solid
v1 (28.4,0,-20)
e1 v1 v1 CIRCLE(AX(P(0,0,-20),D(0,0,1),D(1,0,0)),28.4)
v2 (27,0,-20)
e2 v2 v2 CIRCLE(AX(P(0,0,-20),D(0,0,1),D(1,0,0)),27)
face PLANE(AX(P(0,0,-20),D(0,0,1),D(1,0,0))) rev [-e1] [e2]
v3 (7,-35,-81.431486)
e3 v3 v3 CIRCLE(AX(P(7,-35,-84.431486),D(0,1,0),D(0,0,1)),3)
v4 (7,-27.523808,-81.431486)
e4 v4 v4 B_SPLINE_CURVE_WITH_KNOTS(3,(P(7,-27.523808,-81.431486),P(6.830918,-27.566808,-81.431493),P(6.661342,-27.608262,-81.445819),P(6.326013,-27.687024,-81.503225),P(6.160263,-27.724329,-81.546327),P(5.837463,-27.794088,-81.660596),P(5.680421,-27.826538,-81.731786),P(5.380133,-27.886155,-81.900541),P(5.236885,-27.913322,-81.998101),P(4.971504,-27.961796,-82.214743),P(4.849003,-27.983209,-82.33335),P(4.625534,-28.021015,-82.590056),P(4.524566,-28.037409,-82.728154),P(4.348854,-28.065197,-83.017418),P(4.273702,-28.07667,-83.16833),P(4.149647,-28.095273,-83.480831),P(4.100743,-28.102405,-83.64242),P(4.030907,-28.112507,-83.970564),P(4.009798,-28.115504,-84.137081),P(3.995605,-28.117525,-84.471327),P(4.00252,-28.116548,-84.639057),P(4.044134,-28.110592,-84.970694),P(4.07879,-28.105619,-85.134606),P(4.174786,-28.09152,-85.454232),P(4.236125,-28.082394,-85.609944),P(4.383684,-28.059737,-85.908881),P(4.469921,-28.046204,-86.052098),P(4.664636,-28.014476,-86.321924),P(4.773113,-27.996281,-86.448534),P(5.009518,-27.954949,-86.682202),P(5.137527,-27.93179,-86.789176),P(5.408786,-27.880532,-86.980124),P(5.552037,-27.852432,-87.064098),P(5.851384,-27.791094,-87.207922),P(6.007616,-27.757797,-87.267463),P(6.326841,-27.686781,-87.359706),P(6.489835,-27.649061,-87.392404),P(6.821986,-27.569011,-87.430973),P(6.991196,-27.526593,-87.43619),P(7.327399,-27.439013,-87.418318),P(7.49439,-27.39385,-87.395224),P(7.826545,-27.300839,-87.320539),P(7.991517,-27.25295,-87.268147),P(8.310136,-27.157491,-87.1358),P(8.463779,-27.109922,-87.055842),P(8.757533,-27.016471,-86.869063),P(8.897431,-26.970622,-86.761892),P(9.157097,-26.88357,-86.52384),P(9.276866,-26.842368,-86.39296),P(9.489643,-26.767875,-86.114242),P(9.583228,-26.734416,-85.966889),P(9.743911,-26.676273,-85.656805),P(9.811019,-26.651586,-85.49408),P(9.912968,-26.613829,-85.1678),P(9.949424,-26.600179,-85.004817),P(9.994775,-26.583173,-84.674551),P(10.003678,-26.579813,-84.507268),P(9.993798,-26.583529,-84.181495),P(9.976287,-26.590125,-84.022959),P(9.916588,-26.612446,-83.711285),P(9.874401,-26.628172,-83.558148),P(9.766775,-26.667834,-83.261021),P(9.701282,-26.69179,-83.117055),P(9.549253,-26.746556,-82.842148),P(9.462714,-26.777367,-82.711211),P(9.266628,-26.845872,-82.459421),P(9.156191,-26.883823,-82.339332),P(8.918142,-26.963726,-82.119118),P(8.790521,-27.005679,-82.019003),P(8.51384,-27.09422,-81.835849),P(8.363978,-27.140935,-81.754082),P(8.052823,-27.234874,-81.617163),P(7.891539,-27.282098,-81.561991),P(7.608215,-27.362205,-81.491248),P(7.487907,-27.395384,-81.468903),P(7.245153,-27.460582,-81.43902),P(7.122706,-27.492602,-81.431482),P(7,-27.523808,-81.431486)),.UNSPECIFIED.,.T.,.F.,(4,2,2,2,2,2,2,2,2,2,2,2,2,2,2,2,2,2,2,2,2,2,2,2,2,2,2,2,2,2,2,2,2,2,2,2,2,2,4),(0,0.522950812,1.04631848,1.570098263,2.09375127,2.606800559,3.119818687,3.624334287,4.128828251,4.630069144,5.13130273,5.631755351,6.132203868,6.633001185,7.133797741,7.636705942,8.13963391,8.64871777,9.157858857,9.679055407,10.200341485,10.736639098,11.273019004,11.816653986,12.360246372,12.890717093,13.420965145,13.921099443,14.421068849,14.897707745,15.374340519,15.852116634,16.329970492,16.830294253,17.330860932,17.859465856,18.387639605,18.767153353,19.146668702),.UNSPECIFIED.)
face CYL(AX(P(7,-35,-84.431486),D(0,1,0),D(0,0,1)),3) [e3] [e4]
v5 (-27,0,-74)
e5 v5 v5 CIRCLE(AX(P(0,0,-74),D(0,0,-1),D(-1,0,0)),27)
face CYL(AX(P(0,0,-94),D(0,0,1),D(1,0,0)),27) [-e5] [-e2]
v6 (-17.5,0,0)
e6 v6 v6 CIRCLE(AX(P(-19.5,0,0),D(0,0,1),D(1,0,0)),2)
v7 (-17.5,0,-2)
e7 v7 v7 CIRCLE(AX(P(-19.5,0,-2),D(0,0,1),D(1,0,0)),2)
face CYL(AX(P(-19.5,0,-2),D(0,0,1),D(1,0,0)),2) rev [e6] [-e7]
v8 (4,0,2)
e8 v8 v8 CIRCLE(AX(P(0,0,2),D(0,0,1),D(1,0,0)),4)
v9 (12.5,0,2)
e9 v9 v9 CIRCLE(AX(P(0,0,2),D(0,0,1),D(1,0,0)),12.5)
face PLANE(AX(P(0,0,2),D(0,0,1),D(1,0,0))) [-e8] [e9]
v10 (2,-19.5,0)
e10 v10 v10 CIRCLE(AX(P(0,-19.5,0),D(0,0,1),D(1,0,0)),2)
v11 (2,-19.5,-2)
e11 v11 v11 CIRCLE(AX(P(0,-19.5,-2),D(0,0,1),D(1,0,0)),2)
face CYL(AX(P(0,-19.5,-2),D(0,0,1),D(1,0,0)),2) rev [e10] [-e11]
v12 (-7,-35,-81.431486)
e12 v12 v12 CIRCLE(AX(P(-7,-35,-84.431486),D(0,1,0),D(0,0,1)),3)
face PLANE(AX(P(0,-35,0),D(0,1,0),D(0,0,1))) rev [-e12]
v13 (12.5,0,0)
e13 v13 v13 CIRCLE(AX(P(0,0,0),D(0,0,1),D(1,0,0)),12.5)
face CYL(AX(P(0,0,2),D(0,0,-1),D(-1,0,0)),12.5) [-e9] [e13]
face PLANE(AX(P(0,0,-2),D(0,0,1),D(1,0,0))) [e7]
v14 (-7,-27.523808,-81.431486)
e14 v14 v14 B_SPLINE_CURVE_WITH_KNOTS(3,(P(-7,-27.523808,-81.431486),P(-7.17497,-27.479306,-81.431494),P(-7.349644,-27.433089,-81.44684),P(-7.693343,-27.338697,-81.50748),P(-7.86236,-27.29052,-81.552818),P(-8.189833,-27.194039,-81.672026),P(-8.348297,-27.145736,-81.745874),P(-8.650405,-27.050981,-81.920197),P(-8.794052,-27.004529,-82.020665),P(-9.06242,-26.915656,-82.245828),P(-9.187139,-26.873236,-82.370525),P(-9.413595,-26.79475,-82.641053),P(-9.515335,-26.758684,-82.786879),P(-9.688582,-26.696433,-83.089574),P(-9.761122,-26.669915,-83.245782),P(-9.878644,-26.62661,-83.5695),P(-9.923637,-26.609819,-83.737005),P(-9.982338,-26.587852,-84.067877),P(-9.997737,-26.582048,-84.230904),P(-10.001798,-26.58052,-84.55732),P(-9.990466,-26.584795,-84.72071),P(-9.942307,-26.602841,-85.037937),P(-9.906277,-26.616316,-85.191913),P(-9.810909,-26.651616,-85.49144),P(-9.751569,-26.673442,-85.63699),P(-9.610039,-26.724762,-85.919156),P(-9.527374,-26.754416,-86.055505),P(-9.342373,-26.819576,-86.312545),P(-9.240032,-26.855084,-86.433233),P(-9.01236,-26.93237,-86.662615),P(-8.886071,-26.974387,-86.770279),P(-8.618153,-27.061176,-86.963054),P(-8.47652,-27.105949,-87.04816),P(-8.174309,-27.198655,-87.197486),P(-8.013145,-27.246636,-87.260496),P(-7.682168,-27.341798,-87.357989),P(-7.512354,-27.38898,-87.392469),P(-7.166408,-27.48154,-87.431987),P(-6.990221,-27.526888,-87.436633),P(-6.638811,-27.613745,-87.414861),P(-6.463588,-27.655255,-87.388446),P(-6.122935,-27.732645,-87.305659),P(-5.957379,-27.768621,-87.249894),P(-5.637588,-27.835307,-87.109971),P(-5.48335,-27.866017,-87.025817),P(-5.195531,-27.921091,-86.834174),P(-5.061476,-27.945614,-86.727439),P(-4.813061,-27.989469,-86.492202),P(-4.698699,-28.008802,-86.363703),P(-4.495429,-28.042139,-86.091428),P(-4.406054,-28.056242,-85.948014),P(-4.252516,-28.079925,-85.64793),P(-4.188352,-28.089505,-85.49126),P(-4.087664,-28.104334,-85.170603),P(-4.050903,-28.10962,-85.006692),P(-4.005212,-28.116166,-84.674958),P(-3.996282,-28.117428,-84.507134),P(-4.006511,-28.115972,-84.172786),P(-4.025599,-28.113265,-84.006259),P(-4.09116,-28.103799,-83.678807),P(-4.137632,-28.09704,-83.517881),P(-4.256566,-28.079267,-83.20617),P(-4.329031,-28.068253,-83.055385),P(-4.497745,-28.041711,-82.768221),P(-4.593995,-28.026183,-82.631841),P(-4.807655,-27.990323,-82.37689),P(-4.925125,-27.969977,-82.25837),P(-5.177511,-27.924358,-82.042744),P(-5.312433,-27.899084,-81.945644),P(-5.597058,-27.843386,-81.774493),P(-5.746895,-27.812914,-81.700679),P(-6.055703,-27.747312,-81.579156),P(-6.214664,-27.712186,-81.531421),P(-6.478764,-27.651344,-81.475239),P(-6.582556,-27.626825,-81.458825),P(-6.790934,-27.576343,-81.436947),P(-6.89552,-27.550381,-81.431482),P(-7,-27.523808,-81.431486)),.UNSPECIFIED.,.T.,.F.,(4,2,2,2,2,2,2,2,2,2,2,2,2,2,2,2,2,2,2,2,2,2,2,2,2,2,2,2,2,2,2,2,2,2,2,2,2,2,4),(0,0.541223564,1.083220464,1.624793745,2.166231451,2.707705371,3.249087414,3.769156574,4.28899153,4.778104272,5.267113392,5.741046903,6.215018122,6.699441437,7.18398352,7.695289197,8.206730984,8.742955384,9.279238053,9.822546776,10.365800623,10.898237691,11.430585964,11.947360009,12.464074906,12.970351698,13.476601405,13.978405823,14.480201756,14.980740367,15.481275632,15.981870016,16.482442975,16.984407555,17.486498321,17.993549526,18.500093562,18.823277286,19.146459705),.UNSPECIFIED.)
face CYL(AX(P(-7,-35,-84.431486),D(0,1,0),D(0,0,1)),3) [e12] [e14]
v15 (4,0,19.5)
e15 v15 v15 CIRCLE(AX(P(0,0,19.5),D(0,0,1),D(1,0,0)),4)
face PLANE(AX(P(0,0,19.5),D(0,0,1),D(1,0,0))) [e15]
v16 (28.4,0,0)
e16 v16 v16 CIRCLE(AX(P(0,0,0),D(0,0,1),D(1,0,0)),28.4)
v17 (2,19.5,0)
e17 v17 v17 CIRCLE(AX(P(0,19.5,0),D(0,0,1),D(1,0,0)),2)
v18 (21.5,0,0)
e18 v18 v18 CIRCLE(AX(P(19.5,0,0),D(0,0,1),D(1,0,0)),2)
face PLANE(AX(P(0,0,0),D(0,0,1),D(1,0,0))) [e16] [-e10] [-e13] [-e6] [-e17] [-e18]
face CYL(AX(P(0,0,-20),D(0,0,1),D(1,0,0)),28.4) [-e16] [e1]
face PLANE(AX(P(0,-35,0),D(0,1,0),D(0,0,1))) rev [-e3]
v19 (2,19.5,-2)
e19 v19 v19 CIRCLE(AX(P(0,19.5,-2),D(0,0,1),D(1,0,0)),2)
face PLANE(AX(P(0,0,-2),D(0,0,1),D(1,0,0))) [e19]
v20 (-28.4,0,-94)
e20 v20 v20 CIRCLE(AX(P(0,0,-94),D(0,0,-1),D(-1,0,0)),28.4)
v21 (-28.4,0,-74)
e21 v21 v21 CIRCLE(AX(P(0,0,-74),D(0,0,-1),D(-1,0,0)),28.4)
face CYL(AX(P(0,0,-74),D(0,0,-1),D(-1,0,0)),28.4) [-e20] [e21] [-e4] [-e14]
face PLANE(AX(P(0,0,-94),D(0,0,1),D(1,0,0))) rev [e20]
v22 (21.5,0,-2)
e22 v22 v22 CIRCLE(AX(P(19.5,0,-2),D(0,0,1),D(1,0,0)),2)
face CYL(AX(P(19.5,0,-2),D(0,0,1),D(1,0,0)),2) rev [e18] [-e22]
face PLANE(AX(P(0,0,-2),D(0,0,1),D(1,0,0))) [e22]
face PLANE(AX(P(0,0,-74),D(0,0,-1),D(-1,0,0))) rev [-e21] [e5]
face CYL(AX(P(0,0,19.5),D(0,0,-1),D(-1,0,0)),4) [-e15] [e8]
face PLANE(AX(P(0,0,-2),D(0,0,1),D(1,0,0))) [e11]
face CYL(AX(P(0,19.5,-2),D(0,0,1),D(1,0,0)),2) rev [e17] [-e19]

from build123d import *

# Parameters (mm, degrees)
SKETCH_1_R          = 27
EXTRUDE_1_DEPTH     = 94
SKETCH_2_R          = 28.4
SKETCH_2_R_2        = 27
EXTRUDE_2_DEPTH     = 20
EXTRUDE_START       = -20
SKETCH_3_R          = 28.4
SKETCH_3_R_2        = 27
EXTRUDE_3_DEPTH     = 20
SKETCH_5_R          = 3
EXTRUDE_4_DEPTH     = 15
SKETCH_9_R          = 4
EXTRUDE_6_DEPTH     = 19.5
SKETCH_10_R         = 12.5
SKETCH_10_R_2       = 4
EXTRUDE_7_DEPTH     = 2
SKETCH_11_R         = 2
CUT_EXTRUDE_2_DEPTH = 2


with BuildPart() as part:
    # 草图1 → 凸台-拉伸1 (new body)
    with BuildSketch(Plane.XY):
        Circle(SKETCH_1_R)
    extrude(amount=-EXTRUDE_1_DEPTH)

    # 草图2 → 凸台-拉伸2 (add)
    with BuildSketch(Plane.XY):
        Circle(SKETCH_2_R)
        Circle(SKETCH_2_R_2, mode=Mode.SUBTRACT)
    extrude(amount=-EXTRUDE_2_DEPTH)

    # 草图3 → 凸台-拉伸3 (add)
    with BuildSketch(Plane(origin=(0, 0, -94), x_dir=(-1, 0, 0), z_dir=(0, 0, -1)).offset(EXTRUDE_START)):
        with Locations(Location((0, 0, 0), (0, 0, 180))):
            Circle(SKETCH_3_R)
        with Locations(Location((0, 0, 0), (0, 0, 180))):
            Circle(SKETCH_3_R_2, mode=Mode.SUBTRACT)
    extrude(amount=EXTRUDE_3_DEPTH)

    # 草图5 → 凸台-拉伸4 (add)
    with BuildSketch(Plane(origin=(0, -20, 0), x_dir=(1, 0, 0), z_dir=(0, 1, 0))):
        with Locations(Location((-7, 84.431486428, 0), (0, 0, 270))):
            Circle(SKETCH_5_R)
        with Locations(Location((7, 84.431486428, 0), (0, 0, 270))):
            Circle(SKETCH_5_R)
    extrude(amount=-EXTRUDE_4_DEPTH)

    # 草图9 → 凸台-拉伸6 (add)
    with BuildSketch(Plane.XY):
        Circle(SKETCH_9_R)
    extrude(amount=EXTRUDE_6_DEPTH)

    # 草图10 → 凸台-拉伸7 (add)
    with BuildSketch(Plane.XY):
        Circle(SKETCH_10_R)
        Circle(SKETCH_10_R_2, mode=Mode.SUBTRACT)
    extrude(amount=EXTRUDE_7_DEPTH)

    # 草图11 → 切除-拉伸2 (cut)
    with BuildSketch(Plane.XY):
        with Locations((19.5, 0)):
            Circle(SKETCH_11_R)
        with Locations((0, 19.5)):
            Circle(SKETCH_11_R)
        with Locations((-19.5, 0)):
            Circle(SKETCH_11_R)
        with Locations((0, -19.5)):
            Circle(SKETCH_11_R)
    extrude(amount=-CUT_EXTRUDE_2_DEPTH, mode=Mode.SUBTRACT)


solid = part.part
